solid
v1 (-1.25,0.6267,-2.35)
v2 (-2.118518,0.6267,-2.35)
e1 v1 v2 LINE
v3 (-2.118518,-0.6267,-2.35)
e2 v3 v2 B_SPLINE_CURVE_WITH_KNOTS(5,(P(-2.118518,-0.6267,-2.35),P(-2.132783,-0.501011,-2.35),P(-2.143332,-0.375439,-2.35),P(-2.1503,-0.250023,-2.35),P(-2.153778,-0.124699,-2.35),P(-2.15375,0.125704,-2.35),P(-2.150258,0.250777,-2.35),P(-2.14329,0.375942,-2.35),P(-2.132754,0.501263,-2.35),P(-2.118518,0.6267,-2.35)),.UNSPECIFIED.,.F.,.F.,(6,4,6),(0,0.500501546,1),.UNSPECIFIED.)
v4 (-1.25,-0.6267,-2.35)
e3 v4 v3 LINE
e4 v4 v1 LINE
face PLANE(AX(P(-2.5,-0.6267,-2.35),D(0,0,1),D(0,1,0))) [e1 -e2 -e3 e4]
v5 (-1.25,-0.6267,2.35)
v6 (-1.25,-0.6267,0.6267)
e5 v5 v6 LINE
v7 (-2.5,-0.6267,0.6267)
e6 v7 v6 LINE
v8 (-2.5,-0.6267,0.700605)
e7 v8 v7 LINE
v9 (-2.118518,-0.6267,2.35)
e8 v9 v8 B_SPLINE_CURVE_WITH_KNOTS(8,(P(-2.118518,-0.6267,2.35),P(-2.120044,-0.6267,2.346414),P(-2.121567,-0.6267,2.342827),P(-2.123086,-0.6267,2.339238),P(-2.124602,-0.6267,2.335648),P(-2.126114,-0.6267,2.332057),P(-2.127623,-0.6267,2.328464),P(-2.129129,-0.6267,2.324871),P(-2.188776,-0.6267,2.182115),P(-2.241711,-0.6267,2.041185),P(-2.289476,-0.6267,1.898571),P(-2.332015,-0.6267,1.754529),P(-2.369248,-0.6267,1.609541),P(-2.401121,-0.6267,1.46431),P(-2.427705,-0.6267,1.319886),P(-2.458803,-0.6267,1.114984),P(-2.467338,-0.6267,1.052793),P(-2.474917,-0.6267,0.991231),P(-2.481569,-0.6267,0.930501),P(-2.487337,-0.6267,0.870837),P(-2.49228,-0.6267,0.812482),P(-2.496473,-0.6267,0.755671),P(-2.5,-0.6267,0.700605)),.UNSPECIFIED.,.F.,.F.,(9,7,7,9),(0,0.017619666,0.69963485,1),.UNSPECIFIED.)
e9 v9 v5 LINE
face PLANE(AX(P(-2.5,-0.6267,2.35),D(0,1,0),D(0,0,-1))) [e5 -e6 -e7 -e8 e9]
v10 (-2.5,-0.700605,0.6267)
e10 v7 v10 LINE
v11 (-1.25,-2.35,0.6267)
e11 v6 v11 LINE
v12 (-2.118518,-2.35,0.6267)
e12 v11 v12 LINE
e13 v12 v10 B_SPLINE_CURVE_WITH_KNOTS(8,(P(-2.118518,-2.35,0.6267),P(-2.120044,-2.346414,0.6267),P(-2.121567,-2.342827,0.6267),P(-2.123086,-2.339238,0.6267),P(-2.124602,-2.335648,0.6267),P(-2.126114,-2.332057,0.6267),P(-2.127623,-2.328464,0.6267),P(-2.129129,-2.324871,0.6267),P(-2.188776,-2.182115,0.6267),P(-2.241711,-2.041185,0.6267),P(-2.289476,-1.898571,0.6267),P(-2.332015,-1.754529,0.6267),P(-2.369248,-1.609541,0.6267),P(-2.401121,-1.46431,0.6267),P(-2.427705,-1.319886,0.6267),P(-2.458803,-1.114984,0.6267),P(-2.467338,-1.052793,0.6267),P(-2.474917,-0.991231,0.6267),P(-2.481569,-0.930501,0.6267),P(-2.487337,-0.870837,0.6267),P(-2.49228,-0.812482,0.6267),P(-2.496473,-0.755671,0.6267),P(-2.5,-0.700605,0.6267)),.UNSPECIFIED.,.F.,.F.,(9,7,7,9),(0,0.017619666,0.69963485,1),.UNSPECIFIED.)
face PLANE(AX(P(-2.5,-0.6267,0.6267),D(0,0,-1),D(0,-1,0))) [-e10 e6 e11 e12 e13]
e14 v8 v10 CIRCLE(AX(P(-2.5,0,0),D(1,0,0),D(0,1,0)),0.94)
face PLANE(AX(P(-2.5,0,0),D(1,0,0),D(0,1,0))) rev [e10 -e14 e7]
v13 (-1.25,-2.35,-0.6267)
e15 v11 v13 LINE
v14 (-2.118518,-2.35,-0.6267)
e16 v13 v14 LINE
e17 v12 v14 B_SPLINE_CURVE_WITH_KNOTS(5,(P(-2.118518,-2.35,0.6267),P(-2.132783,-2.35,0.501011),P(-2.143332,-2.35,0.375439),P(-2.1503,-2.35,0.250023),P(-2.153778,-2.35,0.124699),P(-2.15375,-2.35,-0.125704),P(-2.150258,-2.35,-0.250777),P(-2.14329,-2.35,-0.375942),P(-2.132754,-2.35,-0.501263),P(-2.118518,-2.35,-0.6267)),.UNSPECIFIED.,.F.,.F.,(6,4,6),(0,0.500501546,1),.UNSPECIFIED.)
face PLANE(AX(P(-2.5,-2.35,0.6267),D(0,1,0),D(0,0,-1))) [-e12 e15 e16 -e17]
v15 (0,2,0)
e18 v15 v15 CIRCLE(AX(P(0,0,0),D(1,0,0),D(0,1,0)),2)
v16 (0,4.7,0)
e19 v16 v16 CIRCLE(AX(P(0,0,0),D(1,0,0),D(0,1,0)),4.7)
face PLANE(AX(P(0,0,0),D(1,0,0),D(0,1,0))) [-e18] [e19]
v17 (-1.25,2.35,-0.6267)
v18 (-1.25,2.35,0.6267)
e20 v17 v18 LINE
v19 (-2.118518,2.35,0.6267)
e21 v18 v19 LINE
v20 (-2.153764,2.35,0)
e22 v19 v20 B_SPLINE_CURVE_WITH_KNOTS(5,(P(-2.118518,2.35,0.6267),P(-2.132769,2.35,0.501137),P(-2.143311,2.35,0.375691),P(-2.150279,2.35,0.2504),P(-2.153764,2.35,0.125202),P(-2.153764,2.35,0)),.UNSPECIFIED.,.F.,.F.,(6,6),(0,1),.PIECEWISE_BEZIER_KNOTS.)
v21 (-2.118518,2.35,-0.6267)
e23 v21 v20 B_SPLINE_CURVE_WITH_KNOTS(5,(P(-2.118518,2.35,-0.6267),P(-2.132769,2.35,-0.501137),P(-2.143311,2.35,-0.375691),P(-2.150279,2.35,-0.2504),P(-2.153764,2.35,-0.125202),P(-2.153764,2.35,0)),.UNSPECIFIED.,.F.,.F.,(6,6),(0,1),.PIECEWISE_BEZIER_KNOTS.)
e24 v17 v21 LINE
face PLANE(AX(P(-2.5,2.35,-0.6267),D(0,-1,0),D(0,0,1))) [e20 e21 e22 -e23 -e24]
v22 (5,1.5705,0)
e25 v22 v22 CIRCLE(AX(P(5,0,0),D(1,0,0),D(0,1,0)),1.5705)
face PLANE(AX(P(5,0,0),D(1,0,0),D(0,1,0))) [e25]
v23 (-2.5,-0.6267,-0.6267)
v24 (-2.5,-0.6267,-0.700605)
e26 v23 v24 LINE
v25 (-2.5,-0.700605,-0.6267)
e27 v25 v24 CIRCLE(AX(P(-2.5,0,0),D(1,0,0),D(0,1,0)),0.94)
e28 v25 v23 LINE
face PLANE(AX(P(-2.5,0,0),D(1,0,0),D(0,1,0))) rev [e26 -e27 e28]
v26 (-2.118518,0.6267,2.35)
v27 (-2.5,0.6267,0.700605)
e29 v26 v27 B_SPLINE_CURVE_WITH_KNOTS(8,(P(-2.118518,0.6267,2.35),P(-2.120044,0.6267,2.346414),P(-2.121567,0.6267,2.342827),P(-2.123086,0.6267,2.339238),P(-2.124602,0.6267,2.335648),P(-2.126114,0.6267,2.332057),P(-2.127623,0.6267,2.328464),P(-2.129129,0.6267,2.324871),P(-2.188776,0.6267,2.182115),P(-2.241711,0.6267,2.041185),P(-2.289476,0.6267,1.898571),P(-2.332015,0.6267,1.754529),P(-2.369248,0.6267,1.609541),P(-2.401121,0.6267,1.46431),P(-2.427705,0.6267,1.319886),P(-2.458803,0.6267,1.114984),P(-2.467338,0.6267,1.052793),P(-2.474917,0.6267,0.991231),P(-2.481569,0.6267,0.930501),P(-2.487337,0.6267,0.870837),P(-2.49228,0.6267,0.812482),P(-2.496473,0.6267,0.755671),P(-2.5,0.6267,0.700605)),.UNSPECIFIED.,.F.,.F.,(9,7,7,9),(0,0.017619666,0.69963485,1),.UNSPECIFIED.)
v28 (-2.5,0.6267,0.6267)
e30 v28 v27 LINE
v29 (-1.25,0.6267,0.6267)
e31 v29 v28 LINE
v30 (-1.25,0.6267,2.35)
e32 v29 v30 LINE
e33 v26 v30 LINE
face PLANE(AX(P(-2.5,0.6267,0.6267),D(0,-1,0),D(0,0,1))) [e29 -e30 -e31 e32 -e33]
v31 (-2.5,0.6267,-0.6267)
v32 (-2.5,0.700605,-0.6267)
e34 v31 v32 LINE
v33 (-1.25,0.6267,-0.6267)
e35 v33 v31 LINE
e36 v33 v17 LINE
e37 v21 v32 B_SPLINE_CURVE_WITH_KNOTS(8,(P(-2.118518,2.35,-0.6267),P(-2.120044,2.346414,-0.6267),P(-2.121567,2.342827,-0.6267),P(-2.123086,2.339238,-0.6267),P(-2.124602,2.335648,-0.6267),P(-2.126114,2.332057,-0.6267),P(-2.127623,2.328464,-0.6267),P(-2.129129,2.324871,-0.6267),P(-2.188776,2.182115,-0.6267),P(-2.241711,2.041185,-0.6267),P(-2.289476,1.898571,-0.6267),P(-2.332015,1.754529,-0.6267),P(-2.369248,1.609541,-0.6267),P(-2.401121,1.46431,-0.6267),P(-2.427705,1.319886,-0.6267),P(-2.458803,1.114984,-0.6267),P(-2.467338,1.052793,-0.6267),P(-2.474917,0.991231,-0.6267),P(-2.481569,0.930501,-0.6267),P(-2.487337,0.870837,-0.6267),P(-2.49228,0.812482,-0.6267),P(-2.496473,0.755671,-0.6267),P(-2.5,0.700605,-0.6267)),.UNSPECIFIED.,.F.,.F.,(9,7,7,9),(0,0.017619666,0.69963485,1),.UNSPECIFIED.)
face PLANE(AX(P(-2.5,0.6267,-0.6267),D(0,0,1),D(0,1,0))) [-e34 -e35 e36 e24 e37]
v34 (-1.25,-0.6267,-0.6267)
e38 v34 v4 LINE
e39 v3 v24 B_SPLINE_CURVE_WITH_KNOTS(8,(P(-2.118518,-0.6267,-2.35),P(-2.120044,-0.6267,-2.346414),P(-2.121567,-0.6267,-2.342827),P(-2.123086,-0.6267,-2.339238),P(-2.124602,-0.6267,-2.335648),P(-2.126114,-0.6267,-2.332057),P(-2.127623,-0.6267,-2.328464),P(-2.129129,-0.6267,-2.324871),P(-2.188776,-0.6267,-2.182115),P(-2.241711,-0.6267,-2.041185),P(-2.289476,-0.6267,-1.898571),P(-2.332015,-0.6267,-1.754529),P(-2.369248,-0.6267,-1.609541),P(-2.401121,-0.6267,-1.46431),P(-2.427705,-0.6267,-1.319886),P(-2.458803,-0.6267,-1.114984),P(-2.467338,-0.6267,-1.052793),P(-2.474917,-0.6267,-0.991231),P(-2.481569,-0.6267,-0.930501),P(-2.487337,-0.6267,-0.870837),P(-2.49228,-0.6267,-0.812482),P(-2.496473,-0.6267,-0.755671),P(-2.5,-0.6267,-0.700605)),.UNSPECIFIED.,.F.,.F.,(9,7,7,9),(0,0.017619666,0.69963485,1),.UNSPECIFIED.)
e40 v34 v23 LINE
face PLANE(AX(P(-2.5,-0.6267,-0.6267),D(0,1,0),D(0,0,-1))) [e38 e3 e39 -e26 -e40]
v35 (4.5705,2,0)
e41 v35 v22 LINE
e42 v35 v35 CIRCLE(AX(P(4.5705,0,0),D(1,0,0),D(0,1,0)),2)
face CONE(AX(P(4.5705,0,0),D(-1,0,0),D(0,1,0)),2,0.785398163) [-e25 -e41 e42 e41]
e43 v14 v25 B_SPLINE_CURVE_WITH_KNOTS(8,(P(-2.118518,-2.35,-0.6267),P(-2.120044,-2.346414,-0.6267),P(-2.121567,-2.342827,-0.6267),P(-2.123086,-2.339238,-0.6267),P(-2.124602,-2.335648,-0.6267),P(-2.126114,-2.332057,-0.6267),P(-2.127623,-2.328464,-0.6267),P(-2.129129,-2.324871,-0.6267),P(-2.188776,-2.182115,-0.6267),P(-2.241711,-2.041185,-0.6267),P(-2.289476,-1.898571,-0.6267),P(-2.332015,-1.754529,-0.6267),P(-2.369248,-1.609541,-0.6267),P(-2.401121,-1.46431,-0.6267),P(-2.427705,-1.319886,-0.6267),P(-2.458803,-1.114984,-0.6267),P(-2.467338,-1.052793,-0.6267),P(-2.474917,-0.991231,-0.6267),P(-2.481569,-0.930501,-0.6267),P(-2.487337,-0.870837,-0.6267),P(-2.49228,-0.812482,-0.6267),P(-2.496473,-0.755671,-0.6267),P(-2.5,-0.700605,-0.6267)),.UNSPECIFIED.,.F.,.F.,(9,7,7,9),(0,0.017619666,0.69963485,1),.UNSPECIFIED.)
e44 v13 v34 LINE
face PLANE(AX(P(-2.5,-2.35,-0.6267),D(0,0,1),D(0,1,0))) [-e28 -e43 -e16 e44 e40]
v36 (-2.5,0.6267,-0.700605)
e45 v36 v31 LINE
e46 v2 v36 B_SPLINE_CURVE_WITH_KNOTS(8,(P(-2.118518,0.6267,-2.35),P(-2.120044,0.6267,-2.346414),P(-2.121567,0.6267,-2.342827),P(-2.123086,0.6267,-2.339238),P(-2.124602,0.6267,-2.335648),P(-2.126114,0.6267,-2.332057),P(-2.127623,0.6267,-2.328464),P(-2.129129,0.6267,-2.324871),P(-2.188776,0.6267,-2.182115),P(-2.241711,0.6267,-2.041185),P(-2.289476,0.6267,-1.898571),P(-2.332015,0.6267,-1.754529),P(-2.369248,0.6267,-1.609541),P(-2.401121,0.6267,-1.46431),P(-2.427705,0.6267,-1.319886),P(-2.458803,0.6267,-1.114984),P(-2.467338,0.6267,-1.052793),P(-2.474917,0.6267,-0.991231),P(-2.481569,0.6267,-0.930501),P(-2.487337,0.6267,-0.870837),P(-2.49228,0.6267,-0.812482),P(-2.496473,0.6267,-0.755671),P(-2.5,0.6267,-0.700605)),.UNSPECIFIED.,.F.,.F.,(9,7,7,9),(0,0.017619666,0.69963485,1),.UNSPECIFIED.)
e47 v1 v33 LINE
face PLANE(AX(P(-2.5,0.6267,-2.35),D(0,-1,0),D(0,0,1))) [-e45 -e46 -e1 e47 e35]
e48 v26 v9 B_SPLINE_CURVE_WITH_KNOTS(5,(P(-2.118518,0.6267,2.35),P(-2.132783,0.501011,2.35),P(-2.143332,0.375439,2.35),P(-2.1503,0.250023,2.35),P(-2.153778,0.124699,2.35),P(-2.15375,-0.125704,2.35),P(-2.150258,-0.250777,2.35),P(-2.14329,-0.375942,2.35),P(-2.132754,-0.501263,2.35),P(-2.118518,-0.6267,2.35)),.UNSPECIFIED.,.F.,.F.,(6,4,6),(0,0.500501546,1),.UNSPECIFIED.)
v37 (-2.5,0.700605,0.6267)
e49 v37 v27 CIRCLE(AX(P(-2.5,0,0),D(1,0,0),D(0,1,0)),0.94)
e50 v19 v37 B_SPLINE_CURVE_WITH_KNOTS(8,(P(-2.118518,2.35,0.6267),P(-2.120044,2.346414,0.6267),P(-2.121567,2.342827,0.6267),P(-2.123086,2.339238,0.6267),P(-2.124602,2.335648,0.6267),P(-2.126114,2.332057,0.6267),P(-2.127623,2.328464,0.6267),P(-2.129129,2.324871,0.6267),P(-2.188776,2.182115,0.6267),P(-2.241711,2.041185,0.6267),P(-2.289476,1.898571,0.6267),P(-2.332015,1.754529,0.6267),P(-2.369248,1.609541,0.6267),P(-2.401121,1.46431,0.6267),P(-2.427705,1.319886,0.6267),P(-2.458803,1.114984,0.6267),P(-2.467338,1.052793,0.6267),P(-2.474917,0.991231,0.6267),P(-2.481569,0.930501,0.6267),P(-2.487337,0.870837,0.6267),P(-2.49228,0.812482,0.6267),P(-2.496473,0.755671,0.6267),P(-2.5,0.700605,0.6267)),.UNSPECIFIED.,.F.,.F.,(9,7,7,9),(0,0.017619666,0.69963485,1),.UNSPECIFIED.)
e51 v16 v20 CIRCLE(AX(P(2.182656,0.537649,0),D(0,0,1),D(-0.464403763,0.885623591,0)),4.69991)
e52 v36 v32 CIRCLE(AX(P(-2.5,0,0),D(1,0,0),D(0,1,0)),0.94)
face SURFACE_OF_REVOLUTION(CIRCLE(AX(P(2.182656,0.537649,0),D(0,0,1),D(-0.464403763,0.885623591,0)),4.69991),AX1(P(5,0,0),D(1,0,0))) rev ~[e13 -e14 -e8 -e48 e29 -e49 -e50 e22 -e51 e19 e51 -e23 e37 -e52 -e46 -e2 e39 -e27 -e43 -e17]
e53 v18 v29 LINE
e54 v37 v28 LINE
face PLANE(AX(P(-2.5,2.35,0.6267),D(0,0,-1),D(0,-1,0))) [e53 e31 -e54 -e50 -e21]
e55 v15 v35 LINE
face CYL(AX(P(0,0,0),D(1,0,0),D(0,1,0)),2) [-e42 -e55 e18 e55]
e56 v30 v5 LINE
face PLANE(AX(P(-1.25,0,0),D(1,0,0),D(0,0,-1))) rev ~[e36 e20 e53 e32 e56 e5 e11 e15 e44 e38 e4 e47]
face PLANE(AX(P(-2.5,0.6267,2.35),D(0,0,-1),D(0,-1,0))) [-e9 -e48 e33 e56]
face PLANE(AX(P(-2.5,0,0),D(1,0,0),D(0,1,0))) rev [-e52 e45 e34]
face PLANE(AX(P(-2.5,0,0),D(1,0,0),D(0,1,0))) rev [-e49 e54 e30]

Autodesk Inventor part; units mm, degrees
sketch "Sketch_1" plane through (0, 0, 0) normal (0, 0, 1) x (1, 0, 0)
  line L0 (5, 0) -> (-2.5, 0)
  line L1 (-2.5, 0) -> (-2.5, 0.94)
  arc A0 (0, 4.7) -> (-2.5, 0.94) centre (2.1827, 0.5376) ccw
  line L2 (0, 4.7) -> (0, 2)
  line L3 (0, 2) -> (4.5705, 2)
  line L4 (4.5705, 2) -> (5, 1.5705)
  line L5 (5, 1.5705) -> (5, 0)
  line L6 (5, 0) -> (-2.5, 0)
revolve "Revolution1" add sketch "Sketch_1" angle 360 about axis through (5, 0, 0) along (1, 0, 0)
thread "Thread1" size "M4x0.7" class "6g" standard "ISO Metric profile" length 4.2 offset 0.8
sketch "Sketch_2" plane through (-2.5, 0, 0) normal (1, 0, 0) x (0, 0, -1)
  line L0 (-2.35, 0.6267) -> (-2.35, -0.6267)
  line L1 (-2.35, -0.6267) -> (-0.6267, -0.6267)
  line L2 (-0.6267, -0.6267) -> (-0.6267, -2.35)
  line L3 (-0.6267, -2.35) -> (0.6267, -2.35)
  line L4 (0.6267, -2.35) -> (0.6267, -0.6267)
  line L5 (0.6267, -0.6267) -> (2.35, -0.6267)
  line L6 (2.35, -0.6267) -> (2.35, 0.6267)
  line L7 (2.35, 0.6267) -> (0.6267, 0.6267)
  line L8 (0.6267, 0.6267) -> (0.6267, 2.35)
  line L9 (0.6267, 2.35) -> (-0.6267, 2.35)
  line L10 (-0.6267, 2.35) -> (-0.6267, 0.6267)
  line L11 (-0.6267, 0.6267) -> (-2.35, 0.6267)
extrude "Extrusion1" cut sketch "Sketch_2" along normal mid plane 2.5
ref_plane "bolt_to_parts_XY" through (0, 0, 0) normal (1, 0, 0) x (0, 0, -1)
ref_plane "bolt_to_parts_YZ" through (0, 0, 0) normal (0, 0, -1) x (0, 1, 0)
ref_plane "bolt_to_parts_ZX" through (0, 0, 0) normal (0, 1, 0) x (1, 0, 0)
properties part number "BOX-TRSS4-5"
